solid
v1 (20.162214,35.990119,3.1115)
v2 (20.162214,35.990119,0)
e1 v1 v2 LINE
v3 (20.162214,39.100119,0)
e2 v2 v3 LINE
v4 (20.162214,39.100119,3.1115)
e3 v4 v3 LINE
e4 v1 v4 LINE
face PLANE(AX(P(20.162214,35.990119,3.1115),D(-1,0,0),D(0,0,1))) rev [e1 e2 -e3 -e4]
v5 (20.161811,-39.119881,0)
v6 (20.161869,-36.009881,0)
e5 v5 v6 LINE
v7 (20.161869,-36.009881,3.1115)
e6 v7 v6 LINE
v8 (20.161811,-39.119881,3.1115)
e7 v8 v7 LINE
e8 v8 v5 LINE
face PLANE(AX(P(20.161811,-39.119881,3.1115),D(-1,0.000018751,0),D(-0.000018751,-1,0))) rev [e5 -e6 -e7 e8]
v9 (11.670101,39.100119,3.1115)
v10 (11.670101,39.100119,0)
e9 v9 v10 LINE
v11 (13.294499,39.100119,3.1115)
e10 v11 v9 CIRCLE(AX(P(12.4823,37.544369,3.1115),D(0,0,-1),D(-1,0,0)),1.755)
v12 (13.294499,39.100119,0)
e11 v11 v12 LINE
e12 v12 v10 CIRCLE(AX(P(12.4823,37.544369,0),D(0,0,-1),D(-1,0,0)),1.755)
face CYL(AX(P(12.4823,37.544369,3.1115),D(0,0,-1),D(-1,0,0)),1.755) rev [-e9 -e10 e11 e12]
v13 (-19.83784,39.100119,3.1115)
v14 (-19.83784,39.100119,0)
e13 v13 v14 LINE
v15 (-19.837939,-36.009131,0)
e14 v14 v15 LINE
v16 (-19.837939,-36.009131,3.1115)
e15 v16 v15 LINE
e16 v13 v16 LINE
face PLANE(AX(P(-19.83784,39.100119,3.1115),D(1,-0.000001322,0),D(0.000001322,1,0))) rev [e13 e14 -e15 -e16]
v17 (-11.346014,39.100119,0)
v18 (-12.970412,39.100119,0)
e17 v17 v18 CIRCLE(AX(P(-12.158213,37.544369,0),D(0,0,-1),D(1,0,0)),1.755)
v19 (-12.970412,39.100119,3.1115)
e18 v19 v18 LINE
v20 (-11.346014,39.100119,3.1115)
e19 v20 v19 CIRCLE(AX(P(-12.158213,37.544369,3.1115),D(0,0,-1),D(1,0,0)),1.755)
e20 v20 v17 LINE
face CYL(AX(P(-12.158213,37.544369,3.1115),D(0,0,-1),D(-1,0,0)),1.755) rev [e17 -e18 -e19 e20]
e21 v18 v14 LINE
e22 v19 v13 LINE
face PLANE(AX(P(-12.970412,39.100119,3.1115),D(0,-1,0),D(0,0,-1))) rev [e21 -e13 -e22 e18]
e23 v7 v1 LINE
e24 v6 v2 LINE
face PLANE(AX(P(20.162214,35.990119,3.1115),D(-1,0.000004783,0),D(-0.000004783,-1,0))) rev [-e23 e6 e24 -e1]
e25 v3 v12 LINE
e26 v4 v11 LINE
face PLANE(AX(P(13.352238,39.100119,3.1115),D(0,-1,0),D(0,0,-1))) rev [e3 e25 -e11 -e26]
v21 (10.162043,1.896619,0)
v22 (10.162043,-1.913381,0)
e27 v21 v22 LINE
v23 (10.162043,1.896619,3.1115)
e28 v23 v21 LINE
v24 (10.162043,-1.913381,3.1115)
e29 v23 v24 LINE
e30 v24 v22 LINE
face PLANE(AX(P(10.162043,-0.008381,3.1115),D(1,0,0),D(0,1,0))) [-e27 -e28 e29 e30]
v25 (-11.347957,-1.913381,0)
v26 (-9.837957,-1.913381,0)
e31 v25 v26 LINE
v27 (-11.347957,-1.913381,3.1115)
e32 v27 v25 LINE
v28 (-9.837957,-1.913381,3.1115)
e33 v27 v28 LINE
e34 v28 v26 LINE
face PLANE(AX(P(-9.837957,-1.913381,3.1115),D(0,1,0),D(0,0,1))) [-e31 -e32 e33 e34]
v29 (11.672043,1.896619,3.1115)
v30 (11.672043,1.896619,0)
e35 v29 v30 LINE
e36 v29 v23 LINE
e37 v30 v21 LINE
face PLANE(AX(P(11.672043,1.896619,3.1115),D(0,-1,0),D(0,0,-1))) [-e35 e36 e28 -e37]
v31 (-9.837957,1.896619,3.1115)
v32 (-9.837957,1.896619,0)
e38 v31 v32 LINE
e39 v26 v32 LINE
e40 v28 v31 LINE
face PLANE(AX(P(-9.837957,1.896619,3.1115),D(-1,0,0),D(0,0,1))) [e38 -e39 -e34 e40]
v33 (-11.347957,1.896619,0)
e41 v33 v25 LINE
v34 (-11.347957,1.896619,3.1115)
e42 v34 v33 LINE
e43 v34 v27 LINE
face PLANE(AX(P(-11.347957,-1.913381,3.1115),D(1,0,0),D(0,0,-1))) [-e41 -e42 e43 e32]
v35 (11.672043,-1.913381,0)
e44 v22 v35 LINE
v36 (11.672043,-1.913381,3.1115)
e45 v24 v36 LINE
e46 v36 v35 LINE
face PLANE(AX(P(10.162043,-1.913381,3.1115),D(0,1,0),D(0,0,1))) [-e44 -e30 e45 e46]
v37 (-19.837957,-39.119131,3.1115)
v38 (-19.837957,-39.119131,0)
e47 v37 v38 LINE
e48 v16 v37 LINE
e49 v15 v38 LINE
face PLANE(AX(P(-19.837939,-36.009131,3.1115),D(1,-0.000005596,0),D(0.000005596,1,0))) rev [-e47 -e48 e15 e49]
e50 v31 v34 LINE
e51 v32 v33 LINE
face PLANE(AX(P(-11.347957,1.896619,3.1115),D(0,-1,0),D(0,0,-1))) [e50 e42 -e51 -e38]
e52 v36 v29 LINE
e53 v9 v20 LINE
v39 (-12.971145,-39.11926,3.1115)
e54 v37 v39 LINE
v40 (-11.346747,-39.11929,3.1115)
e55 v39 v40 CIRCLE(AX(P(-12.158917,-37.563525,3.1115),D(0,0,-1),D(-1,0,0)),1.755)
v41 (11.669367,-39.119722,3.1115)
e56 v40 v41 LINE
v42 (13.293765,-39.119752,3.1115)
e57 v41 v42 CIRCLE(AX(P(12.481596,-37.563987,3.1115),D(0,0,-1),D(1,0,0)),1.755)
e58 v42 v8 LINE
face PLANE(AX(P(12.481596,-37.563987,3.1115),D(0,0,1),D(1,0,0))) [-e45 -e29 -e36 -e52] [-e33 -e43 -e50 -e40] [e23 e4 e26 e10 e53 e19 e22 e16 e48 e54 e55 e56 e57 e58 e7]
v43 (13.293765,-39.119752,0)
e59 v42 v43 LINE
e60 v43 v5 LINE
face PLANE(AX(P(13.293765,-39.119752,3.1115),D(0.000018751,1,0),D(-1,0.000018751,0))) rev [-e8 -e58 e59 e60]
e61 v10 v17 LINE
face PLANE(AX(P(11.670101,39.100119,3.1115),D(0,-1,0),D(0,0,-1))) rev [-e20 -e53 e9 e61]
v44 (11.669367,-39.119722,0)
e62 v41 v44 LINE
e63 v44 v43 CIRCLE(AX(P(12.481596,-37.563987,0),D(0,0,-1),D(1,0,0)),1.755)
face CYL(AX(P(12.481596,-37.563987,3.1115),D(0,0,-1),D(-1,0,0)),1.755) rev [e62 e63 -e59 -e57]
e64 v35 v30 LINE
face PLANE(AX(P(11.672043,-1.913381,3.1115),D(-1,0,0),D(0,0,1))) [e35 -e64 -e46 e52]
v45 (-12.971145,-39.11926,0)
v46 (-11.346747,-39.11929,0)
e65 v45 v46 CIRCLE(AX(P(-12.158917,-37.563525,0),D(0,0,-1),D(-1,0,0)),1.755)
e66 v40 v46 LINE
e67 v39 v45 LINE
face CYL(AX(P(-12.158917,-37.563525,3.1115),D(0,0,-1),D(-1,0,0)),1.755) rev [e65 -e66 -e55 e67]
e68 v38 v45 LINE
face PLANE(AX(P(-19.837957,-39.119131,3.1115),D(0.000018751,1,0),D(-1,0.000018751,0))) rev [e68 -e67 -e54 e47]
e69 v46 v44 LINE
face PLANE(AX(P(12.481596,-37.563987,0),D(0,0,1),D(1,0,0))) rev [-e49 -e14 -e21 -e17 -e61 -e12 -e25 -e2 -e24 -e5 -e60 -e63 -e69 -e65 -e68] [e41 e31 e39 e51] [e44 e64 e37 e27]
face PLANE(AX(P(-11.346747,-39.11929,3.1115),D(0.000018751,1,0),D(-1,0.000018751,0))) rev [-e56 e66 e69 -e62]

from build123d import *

# Parameters (mm, degrees)
BOSS_EXTRUDE1_DEPTH = 3.1115


with BuildPart() as part:
    # Sketch1 → Boss-Extrude1 (new body)
    with BuildSketch(Plane.XY):
        with BuildLine():
            Line((-11.346747426, -39.119290122), (11.669367426, -39.119721696))
            ThreePointArc((11.669367426, -39.119721696), (12.481628508, -35.808987017), (13.293765431, -39.119752155))
            Line((13.293765431, -39.119752155), (20.161810992, -39.119880937))
            Line((20.161810992, -39.119880937), (20.161869308, -36.009880938))
            Line((20.161869308, -36.009880938), (20.162213663, 35.990119062))
            Line((20.162213663, 35.990119062), (20.162213663, 39.100119058))
            Line((20.162213663, 39.100119058), (13.352237556, 39.100119058))
            Line((13.352237556, 39.100119058), (13.294498779, 39.100119058))
            ThreePointArc((13.294498779, 39.100119058), (12.482299776, 35.789369149), (11.670100774, 39.100119058))
            Line((11.670100774, 39.100119058), (-11.346014082, 39.100119058))
            ThreePointArc((-11.346014082, 39.100119058), (-12.158213085, 35.789369149), (-12.970412087, 39.100119058))
            Line((-12.970412087, 39.100119058), (-19.837839981, 39.100119058))
            Line((-19.837839981, 39.100119058), (-19.837939244, -36.009130904))
            Line((-19.837939244, -36.009130904), (-19.837956649, -39.119130904))
            Line((-19.837956649, -39.119130904), (-12.97114543, -39.119259663))
            ThreePointArc((-12.97114543, -39.119259663), (-12.158884348, -35.808524984), (-11.346747426, -39.119290122))
        make_face()
        Polygon((10.162043346, -0.008380505), (10.162043346, -1.913380505), (11.672043346, -1.913380505), (11.672043346, 1.896619495), (10.162043346, 1.896619495), align=None, mode=Mode.SUBTRACT)
        Polygon((-9.837956654, 1.896619495), (-9.837956654, -0.008380505), (-9.837956654, -1.913380505), (-11.347956654, -1.913380505), (-11.347956654, 1.896619495), align=None, mode=Mode.SUBTRACT)
    extrude(amount=BOSS_EXTRUDE1_DEPTH)


solid = part.part
